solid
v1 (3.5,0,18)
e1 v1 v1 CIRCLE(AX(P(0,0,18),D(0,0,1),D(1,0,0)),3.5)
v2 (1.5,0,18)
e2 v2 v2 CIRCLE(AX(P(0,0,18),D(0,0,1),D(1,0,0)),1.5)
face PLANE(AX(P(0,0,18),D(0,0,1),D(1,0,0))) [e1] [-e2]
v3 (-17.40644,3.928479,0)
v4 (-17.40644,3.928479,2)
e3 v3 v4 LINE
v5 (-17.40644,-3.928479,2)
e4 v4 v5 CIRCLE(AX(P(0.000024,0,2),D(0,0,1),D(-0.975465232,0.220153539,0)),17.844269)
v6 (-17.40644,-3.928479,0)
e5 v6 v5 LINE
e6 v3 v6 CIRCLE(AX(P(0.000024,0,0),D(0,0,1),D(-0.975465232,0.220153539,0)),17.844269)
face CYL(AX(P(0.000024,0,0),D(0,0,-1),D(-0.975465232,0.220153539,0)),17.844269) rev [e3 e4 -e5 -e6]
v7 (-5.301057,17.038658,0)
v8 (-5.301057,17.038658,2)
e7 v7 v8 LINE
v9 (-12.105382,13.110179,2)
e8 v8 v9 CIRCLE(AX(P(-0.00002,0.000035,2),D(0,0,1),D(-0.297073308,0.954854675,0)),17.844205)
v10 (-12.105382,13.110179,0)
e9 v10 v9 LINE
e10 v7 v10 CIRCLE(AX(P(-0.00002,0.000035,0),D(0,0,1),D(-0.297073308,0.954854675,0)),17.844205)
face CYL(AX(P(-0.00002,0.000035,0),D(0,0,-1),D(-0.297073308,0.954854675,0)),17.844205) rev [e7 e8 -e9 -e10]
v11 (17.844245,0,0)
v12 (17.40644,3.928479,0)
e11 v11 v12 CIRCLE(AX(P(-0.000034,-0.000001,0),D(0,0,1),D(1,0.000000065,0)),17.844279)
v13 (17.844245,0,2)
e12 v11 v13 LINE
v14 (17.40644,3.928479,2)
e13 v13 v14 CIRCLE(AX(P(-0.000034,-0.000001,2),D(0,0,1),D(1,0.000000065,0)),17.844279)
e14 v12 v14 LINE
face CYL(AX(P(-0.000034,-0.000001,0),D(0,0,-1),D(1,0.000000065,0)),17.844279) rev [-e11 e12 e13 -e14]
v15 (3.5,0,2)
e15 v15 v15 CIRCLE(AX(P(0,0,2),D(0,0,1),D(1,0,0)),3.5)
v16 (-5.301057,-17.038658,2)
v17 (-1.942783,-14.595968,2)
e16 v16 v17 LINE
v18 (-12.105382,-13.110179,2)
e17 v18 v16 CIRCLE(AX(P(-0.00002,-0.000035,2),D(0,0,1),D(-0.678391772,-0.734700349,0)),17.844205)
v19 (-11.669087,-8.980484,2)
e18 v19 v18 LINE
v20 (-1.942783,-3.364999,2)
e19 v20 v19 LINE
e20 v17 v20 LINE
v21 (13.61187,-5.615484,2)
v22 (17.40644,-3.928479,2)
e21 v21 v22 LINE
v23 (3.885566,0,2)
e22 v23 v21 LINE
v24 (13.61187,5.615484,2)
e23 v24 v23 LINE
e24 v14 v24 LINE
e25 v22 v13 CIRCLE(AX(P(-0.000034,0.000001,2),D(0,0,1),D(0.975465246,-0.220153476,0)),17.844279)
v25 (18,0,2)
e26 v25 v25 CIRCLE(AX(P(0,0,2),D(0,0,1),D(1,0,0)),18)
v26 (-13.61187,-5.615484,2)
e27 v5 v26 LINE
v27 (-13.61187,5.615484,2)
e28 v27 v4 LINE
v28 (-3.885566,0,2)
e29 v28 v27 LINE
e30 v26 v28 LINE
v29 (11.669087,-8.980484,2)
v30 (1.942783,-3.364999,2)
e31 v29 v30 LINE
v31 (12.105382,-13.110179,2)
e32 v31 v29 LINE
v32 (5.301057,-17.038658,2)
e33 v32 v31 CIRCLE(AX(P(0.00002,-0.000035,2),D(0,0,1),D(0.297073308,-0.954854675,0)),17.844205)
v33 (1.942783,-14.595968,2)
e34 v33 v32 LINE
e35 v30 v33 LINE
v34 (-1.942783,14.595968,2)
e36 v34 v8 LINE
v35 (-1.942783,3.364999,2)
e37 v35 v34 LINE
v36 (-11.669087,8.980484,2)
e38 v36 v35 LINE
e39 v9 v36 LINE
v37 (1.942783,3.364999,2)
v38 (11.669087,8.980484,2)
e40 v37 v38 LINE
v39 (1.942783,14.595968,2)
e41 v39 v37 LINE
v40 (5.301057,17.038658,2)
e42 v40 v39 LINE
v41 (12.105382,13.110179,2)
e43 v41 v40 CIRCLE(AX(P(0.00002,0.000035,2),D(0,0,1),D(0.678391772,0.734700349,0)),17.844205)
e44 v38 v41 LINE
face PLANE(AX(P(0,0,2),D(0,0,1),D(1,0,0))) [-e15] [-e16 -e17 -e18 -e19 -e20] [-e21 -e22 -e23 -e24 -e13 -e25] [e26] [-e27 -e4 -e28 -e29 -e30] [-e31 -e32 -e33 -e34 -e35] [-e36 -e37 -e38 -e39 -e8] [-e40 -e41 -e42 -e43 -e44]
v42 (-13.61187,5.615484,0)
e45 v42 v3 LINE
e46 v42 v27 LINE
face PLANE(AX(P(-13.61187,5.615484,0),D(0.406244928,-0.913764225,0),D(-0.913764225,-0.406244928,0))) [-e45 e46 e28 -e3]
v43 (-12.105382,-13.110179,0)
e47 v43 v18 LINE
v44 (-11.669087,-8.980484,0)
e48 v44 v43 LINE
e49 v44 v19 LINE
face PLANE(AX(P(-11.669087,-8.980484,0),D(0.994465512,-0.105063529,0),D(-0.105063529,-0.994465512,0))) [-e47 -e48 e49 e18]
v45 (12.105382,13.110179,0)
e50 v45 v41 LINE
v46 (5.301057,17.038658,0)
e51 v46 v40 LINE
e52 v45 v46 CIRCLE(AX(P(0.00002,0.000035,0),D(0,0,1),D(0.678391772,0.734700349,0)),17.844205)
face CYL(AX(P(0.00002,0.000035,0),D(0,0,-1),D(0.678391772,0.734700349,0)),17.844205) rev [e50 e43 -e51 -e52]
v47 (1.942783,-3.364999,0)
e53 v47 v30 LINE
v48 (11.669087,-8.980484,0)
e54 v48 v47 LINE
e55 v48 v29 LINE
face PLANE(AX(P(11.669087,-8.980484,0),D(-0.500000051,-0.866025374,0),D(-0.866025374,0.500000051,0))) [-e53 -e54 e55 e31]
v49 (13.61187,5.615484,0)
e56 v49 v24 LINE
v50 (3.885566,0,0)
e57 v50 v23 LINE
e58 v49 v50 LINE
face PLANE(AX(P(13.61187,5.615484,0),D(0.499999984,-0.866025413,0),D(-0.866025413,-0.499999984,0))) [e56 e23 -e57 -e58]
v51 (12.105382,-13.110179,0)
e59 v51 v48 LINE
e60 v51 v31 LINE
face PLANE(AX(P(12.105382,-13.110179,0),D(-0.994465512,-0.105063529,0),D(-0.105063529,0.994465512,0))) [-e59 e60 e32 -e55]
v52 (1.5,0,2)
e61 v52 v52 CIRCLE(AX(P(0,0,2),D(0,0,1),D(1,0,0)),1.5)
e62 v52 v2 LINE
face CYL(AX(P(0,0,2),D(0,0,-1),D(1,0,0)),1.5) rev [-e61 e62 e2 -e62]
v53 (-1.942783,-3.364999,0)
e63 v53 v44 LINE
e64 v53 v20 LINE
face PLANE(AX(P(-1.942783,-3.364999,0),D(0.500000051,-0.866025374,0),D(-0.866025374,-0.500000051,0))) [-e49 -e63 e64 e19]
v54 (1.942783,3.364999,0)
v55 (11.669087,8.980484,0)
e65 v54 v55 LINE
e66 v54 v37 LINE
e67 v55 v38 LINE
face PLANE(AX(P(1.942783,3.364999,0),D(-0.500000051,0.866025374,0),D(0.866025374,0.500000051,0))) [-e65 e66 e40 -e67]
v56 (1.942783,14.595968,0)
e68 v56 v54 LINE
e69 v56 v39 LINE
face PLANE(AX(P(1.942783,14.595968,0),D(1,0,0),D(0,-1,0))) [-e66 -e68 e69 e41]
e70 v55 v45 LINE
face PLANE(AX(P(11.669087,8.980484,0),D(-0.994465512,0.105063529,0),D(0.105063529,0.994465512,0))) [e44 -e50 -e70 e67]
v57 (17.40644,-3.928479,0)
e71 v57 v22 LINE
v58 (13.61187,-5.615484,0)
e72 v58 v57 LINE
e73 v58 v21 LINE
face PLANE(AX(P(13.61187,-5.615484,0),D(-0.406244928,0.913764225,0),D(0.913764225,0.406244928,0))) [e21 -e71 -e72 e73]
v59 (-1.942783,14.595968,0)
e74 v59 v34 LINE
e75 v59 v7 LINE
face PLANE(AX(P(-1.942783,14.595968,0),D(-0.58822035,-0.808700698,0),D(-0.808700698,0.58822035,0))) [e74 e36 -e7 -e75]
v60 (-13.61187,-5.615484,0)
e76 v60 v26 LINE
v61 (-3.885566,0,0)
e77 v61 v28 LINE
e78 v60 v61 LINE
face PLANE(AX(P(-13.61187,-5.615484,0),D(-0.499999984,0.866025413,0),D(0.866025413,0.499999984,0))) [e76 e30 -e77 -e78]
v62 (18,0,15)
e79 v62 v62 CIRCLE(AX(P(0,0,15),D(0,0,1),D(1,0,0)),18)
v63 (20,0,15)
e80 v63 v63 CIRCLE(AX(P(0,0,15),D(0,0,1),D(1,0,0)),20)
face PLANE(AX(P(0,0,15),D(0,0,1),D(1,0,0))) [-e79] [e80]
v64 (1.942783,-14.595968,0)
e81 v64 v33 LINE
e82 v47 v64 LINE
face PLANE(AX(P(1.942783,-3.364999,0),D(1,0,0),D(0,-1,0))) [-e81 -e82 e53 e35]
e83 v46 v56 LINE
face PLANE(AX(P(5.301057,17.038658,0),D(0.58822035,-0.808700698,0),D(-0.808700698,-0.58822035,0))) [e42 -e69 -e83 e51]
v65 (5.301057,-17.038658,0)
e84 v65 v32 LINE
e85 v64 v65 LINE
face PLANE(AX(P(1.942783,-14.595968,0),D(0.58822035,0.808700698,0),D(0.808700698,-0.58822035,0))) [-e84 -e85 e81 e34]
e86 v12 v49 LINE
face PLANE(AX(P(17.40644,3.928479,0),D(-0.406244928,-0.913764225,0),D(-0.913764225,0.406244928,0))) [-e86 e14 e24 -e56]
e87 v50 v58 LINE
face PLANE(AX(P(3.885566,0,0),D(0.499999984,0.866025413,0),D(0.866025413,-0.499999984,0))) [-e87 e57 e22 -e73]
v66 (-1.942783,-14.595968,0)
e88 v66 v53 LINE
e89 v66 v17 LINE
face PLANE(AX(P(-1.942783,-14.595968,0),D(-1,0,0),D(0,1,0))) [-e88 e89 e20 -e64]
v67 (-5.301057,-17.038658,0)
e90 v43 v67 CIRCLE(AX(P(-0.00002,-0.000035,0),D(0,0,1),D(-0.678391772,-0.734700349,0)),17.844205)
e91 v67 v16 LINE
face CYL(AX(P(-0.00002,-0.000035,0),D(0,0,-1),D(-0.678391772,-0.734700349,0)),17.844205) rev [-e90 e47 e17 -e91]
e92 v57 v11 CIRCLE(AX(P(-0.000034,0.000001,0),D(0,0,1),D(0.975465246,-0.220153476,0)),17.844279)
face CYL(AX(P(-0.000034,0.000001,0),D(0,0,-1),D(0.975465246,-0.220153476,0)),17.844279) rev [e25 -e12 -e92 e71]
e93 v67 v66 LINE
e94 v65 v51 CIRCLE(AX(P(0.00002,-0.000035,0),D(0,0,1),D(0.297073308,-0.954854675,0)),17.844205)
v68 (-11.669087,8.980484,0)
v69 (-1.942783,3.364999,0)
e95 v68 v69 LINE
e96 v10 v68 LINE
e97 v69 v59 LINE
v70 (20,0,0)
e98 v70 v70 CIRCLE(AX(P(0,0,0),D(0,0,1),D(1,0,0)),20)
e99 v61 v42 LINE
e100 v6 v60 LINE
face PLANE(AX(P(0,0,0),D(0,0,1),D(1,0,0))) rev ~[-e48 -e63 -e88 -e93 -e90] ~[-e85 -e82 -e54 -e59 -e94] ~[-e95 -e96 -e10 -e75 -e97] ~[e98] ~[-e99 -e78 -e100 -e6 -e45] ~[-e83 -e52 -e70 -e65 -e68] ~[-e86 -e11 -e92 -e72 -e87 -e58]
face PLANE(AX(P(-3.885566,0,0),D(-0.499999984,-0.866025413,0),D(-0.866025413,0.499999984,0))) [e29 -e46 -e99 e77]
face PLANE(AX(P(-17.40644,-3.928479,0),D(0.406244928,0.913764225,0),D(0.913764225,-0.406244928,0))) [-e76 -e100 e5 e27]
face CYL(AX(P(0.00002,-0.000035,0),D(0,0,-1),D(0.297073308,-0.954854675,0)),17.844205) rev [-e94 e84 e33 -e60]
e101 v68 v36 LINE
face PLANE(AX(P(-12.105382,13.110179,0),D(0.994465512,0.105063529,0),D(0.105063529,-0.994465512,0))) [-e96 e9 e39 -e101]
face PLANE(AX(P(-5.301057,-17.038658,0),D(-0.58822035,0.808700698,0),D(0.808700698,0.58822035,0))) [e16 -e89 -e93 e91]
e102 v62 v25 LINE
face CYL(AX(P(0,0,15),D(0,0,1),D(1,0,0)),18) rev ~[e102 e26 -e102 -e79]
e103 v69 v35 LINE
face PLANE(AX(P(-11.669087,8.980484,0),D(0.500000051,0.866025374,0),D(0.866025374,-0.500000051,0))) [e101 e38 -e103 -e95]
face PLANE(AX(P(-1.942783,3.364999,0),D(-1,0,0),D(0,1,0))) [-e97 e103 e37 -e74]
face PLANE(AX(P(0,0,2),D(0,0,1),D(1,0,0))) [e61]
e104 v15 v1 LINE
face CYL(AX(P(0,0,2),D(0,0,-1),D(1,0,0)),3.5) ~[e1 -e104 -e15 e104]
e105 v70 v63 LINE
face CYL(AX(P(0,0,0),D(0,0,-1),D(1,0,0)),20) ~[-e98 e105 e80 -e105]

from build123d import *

# Parameters (mm, degrees)
F0_R     = 20
F1_DEPTH = 15
F2_R     = 18
F3_DEPTH = 13
F4_R     = 3.5
F4_R_2   = 1.5
F5_DEPTH = 16
F7_DEPTH = 2


with BuildPart() as f1:
    # F0 (on Top) → F1 (new body)
    with BuildSketch(Plane.XY):
        Circle(F0_R)
    extrude(amount=F1_DEPTH)

    # F2 (on face) → F3 (cut)
    with BuildSketch(Plane.XY.offset(15)):
        Circle(F2_R)
    extrude(amount=-F3_DEPTH, mode=Mode.SUBTRACT)

    # F4 (on face) → F5 (join)
    with BuildSketch(Plane.XY.offset(2)):
        Circle(F4_R)
        Circle(F4_R_2, mode=Mode.SUBTRACT)
    extrude(amount=F5_DEPTH)

    # F6 (on Top) → F7 (cut)
    with BuildSketch(Plane.XY):
        with BuildLine():
            Line((-13.61187, 5.615484), (-17.40644, 3.928479))
            ThreePointArc((-17.40644, 3.928479), (-17.844245, 0), (-17.40644, -3.928479))
            Line((-17.40644, -3.928479), (-13.61187, -5.615484))
            Line((-13.61187, -5.615484), (-3.885566, 0))
            Line((-3.885566, 0), (-13.61187, 5.615484))
        make_face()
        with BuildLine():
            Line((-11.669087, -8.980484), (-12.105382, -13.110179))
            ThreePointArc((-12.105382, -13.110179), (-8.922123, -15.45357), (-5.301057, -17.038658))
            Line((-5.301057, -17.038658), (-1.942783, -14.595968))
            Line((-1.942783, -14.595968), (-1.942783, -3.364999))
            Line((-1.942783, -3.364999), (-11.669087, -8.980484))
        make_face()
        with BuildLine():
            Line((1.942783, -14.595968), (5.301057, -17.038658))
            ThreePointArc((5.301057, -17.038658), (8.922123, -15.45357), (12.105382, -13.110179))
            Line((12.105382, -13.110179), (11.669087, -8.980484))
            Line((11.669087, -8.980484), (1.942783, -3.364999))
            Line((1.942783, -3.364999), (1.942783, -14.595968))
        make_face()
        with BuildLine():
            ThreePointArc((17.844245, 0), (17.734456, 1.976399), (17.40644, 3.928479))
            Line((17.40644, 3.928479), (13.61187, 5.615484))
            Line((13.61187, 5.615484), (3.885566, 0))
            Line((3.885566, 0), (13.61187, -5.615484))
            Line((13.61187, -5.615484), (17.40644, -3.928479))
            ThreePointArc((17.40644, -3.928479), (17.734456, -1.976399), (17.844245, 0))
        make_face()
        with BuildLine():
            ThreePointArc((12.105382, 13.110179), (8.922123, 15.45357), (5.301057, 17.038658))
            Line((5.301057, 17.038658), (1.942783, 14.595968))
            Line((1.942783, 14.595968), (1.942783, 3.364999))
            Line((1.942783, 3.364999), (11.669087, 8.980484))
            Line((11.669087, 8.980484), (12.105382, 13.110179))
        make_face()
        with BuildLine():
            Line((-11.669087, 8.980484), (-1.942783, 3.364999))
            Line((-1.942783, 3.364999), (-1.942783, 14.595968))
            Line((-1.942783, 14.595968), (-5.301057, 17.038658))
            ThreePointArc((-5.301057, 17.038658), (-8.922123, 15.45357), (-12.105382, 13.110179))
            Line((-12.105382, 13.110179), (-11.669087, 8.980484))
        make_face()
    extrude(amount=F7_DEPTH, mode=Mode.SUBTRACT)


solid = f1.part
